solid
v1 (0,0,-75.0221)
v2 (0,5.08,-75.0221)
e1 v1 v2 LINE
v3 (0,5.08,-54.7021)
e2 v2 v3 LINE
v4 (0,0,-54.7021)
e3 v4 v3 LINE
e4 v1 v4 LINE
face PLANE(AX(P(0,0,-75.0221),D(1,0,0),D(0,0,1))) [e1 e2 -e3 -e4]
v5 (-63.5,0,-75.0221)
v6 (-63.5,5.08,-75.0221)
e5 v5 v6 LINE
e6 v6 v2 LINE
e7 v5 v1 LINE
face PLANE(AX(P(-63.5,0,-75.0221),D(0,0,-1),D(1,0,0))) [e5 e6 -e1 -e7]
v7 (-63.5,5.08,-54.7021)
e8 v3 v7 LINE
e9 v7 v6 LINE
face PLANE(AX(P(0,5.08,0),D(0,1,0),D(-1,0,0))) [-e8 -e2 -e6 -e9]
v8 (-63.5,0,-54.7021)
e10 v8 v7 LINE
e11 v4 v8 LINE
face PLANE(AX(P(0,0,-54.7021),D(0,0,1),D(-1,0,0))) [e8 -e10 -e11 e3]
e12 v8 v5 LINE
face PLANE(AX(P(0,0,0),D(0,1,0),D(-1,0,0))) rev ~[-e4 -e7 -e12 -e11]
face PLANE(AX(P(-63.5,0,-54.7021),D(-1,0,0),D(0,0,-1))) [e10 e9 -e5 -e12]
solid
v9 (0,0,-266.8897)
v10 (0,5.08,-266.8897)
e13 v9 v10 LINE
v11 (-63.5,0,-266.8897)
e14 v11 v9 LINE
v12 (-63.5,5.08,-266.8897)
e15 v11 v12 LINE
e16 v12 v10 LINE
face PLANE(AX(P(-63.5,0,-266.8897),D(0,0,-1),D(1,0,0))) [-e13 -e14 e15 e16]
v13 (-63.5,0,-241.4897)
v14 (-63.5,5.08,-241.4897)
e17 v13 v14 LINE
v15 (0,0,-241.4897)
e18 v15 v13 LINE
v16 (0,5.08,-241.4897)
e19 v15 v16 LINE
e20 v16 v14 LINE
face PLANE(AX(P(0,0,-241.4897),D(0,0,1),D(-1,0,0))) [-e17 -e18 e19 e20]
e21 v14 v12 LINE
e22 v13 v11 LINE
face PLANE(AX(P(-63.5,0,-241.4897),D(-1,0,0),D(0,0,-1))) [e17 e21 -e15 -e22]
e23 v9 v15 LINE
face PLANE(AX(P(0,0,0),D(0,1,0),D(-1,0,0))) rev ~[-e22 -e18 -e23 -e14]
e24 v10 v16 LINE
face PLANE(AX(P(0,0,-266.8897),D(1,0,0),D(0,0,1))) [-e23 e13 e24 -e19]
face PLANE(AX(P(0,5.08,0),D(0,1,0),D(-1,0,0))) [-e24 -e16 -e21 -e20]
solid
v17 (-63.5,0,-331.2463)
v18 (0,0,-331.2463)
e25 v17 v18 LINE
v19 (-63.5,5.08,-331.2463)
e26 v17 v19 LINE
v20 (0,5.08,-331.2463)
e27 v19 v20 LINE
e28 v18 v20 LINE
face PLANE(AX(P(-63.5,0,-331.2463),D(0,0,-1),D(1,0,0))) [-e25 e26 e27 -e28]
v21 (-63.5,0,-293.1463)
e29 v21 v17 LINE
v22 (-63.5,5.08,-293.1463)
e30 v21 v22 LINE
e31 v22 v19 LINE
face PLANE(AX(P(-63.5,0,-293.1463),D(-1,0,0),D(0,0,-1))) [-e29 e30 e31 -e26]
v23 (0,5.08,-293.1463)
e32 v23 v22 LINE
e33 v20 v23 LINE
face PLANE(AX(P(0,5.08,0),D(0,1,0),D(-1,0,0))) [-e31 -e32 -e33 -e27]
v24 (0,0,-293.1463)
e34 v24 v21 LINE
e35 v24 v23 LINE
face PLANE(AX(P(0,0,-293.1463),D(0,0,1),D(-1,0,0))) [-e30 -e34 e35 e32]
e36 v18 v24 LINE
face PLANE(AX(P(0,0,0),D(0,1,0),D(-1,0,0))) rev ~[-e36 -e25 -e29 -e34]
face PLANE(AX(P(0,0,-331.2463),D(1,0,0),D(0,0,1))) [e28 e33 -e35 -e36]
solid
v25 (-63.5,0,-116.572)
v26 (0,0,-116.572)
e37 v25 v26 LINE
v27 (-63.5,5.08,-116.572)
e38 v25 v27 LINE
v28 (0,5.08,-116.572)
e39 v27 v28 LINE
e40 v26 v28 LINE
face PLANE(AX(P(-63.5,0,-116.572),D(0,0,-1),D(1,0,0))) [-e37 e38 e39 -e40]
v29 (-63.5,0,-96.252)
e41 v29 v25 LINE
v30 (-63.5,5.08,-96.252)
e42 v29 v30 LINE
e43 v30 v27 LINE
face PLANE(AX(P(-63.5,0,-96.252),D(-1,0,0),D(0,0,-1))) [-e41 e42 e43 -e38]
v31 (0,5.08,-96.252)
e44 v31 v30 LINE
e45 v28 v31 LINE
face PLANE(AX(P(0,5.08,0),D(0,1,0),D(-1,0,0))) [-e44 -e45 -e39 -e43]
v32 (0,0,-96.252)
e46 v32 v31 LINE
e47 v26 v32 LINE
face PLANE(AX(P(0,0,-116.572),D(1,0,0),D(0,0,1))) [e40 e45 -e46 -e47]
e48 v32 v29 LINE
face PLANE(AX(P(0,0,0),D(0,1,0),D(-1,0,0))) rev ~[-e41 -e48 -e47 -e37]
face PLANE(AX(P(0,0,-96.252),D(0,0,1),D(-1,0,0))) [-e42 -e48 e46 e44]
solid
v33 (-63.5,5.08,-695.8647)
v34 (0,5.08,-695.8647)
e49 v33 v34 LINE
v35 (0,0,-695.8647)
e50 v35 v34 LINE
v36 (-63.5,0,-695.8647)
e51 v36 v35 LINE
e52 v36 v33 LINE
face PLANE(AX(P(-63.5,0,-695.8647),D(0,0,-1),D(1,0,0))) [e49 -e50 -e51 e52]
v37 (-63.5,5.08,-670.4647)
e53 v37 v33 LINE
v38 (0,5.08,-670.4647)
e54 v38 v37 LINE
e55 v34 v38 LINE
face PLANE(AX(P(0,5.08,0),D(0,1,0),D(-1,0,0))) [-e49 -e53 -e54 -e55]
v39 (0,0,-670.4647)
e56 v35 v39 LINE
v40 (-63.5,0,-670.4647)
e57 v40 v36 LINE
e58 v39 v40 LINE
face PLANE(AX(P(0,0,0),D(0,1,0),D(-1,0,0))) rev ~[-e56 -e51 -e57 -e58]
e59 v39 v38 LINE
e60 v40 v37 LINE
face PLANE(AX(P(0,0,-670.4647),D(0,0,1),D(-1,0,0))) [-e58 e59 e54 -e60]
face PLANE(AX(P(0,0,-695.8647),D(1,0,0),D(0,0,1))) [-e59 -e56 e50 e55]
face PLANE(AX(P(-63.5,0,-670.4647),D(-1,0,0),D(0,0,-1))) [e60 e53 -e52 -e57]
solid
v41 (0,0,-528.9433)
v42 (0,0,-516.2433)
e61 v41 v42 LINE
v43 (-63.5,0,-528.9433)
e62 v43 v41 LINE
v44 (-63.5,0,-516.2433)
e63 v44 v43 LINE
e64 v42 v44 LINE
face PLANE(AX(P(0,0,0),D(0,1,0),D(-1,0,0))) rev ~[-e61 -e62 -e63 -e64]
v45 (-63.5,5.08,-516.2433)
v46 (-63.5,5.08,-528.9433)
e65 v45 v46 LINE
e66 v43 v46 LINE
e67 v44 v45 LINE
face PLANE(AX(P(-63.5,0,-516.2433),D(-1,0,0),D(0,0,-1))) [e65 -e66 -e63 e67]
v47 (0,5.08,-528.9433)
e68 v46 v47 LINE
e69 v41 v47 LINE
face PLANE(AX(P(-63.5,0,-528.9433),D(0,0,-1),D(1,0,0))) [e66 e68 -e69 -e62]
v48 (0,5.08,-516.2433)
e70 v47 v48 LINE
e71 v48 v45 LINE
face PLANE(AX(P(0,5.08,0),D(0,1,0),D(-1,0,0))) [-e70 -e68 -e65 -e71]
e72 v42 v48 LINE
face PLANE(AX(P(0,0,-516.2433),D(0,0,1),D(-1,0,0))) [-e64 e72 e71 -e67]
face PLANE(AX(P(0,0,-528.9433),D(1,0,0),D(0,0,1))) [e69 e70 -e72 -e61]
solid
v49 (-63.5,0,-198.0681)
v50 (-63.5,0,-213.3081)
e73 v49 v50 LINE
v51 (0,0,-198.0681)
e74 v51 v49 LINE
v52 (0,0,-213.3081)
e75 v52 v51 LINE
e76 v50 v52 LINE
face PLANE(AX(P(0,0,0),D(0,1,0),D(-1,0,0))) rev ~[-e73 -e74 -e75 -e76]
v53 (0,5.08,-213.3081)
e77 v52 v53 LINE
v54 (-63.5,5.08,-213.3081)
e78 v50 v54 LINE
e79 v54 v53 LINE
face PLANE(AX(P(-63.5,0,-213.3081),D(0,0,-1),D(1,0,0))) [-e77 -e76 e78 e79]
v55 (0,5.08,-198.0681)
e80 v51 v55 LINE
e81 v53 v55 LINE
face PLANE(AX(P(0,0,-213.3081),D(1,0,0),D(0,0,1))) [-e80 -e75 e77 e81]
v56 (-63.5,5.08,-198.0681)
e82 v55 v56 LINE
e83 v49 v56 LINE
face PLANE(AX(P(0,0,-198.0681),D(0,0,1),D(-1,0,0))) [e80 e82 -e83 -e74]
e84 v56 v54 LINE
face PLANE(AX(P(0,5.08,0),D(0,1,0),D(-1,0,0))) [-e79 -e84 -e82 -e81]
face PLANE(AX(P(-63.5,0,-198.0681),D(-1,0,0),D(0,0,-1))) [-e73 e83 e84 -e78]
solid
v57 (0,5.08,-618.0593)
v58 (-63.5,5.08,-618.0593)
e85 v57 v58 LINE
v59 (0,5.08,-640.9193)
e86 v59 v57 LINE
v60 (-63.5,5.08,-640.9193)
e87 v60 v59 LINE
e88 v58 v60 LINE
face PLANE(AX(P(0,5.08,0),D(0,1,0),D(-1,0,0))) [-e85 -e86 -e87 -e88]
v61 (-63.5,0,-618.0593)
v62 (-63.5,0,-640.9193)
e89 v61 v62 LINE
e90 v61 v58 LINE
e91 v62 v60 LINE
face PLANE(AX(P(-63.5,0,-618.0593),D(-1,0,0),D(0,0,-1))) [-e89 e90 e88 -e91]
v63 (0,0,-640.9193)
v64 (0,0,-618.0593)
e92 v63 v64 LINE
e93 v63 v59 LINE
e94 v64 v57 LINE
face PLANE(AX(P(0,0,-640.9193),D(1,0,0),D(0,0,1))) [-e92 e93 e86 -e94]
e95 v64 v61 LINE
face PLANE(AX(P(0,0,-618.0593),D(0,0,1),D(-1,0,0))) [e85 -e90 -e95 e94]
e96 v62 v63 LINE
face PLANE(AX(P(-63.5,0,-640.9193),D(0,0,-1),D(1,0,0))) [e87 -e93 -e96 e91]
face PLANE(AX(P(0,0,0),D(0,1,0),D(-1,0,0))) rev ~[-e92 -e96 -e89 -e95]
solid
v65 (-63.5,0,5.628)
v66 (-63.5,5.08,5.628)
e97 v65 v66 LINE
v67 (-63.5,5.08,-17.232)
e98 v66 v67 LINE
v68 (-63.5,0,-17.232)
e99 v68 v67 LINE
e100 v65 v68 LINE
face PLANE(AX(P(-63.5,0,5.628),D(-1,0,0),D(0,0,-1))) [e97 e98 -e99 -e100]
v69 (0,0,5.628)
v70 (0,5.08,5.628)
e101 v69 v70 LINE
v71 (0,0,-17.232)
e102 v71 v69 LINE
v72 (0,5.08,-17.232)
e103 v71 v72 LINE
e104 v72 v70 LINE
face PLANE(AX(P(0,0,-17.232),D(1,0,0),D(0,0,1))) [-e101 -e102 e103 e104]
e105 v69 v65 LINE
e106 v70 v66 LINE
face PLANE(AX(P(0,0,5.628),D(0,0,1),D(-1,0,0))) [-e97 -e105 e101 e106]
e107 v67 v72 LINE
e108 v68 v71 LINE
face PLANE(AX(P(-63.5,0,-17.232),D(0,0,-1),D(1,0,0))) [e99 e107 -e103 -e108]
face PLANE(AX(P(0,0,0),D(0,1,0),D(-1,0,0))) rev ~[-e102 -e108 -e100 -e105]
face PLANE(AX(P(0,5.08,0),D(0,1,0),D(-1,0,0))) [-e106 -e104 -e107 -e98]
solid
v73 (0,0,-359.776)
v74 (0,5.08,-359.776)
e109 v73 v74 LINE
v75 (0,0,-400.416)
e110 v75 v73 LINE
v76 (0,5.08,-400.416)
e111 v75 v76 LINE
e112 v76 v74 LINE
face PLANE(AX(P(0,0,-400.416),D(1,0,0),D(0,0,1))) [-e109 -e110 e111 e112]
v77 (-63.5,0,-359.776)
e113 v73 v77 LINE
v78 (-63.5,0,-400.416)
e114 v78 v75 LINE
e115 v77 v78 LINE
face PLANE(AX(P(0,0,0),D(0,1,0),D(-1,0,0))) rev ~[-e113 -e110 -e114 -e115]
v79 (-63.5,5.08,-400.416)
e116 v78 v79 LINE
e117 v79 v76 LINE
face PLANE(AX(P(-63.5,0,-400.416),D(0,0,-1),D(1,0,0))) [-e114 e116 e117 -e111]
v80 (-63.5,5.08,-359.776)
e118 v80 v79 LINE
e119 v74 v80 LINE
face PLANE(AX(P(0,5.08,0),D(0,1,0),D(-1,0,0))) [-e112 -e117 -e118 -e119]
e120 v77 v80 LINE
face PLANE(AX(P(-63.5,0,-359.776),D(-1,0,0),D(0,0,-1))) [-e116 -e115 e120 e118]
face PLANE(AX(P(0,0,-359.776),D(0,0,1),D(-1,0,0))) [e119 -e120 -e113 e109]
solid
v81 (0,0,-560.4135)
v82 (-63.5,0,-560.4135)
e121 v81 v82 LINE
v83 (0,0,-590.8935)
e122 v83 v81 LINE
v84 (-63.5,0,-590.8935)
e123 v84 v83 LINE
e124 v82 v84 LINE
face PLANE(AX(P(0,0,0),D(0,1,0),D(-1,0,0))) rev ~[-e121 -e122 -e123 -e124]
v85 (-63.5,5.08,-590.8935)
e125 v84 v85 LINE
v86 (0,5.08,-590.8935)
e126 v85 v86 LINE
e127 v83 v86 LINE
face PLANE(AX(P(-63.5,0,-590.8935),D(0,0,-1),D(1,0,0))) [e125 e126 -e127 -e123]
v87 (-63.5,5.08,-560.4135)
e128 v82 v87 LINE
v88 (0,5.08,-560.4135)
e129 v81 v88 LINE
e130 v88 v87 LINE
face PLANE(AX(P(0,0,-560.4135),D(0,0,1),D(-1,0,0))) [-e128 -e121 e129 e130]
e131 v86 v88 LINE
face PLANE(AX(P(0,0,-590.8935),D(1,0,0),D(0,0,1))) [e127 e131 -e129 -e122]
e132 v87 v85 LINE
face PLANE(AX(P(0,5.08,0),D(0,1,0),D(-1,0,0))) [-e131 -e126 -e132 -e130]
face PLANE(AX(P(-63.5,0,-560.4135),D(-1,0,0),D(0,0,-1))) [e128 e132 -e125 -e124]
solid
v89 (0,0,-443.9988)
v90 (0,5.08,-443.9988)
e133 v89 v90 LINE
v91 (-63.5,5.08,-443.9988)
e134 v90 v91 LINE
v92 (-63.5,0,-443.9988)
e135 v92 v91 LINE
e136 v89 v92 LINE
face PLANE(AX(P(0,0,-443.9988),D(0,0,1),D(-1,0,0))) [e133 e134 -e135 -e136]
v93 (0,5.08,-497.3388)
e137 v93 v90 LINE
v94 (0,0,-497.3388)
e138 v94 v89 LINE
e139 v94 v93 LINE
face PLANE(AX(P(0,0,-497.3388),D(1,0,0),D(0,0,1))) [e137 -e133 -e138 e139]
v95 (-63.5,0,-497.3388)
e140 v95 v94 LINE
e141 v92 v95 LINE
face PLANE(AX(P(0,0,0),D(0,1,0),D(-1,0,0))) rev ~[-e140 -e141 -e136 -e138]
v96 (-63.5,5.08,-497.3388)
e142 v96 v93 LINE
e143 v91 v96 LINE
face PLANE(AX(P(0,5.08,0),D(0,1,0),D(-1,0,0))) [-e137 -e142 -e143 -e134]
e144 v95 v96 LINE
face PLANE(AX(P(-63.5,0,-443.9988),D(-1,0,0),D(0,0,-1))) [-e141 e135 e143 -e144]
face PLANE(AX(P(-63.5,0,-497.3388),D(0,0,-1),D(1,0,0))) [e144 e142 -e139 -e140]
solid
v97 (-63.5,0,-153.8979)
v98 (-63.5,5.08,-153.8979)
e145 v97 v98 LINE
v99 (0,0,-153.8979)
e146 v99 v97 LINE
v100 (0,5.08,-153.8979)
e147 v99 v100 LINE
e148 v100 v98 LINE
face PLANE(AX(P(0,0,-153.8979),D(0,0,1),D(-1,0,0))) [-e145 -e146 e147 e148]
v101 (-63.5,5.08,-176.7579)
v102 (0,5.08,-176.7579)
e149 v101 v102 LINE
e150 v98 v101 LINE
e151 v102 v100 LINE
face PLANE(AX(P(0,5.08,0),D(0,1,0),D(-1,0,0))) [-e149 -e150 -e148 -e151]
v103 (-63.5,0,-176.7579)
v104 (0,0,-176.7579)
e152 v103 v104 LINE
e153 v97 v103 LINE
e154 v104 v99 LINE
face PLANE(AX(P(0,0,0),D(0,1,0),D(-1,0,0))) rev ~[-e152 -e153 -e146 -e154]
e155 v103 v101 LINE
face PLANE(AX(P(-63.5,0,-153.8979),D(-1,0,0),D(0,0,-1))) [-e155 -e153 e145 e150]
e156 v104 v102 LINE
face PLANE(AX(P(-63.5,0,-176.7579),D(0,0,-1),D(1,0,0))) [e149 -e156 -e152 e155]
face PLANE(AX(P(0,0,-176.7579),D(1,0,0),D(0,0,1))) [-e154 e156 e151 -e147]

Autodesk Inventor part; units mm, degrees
ref_plane "YZ Plane" through (0, 0, 0) normal (1, 0, 0) x (0, 1, 0)
ref_plane "XZ Plane" through (0, 0, 0) normal (0, 1, 0) x (-1, 0, 0)
ref_plane "XY Plane" through (0, 0, 0) normal (0, 0, 1) x (1, 0, 0)
sketch "Sketch1" plane through (0, 0, 0) normal (0, 1, 0) x (-1, 0, 0)
  line L0 (0, 5.628) -> (63.5, 5.628)
  line L1 (63.5, 5.628) -> (63.5, -17.232)
  line L2 (63.5, -17.232) -> (0, -17.232)
  line L3 (0, -17.232) -> (0, 5.628)
  line L4 (0, -54.7021) -> (63.5, -54.7021)
  line L5 (63.5, -54.7021) -> (63.5, -75.0221)
  line L6 (63.5, -75.0221) -> (0, -75.0221)
  line L7 (0, -75.0221) -> (0, -54.7021)
  line L8 (0, -96.252) -> (63.5, -96.252)
  line L9 (63.5, -96.252) -> (63.5, -116.572)
  line L10 (63.5, -116.572) -> (0, -116.572)
  line L11 (0, -116.572) -> (0, -96.252)
  line L12 (0, -153.8979) -> (63.5, -153.8979)
  line L13 (63.5, -153.8979) -> (63.5, -176.7579)
  line L14 (63.5, -176.7579) -> (0, -176.7579)
  line L15 (0, -176.7579) -> (0, -153.8979)
  line L16 (0, -198.0681) -> (63.5, -198.0681)
  line L17 (63.5, -198.0681) -> (63.5, -213.3081)
  line L18 (63.5, -213.3081) -> (0, -213.3081)
  line L19 (0, -213.3081) -> (0, -198.0681)
  line L20 (0, -241.4897) -> (63.5, -241.4897)
  line L21 (63.5, -241.4897) -> (63.5, -266.8897)
  line L22 (63.5, -266.8897) -> (0, -266.8897)
  line L23 (0, -266.8897) -> (0, -241.4897)
  line L24 (0, -293.1463) -> (63.5, -293.1463)
  line L25 (63.5, -293.1463) -> (63.5, -331.2463)
  line L26 (63.5, -331.2463) -> (0, -331.2463)
  line L27 (0, -331.2463) -> (0, -293.1463)
  line L28 (0, -359.776) -> (63.5, -359.776)
  line L29 (63.5, -359.776) -> (63.5, -400.416)
  line L30 (63.5, -400.416) -> (0, -400.416)
  line L31 (0, -400.416) -> (0, -359.776)
  line L32 (0, -443.9988) -> (63.5, -443.9988)
  line L33 (63.5, -443.9988) -> (63.5, -497.3388)
  line L34 (63.5, -497.3388) -> (0, -497.3388)
  line L35 (0, -497.3388) -> (0, -443.9988)
  line L36 (0, -516.2433) -> (63.5, -516.2433)
  line L37 (63.5, -516.2433) -> (63.5, -528.9433)
  line L38 (63.5, -528.9433) -> (0, -528.9433)
  line L39 (0, -528.9433) -> (0, -516.2433)
  line L40 (0, -560.4135) -> (63.5, -560.4135)
  line L41 (63.5, -560.4135) -> (63.5, -590.8935)
  line L42 (63.5, -590.8935) -> (0, -590.8935)
  line L43 (0, -590.8935) -> (0, -560.4135)
  line L44 (0, -618.0593) -> (63.5, -618.0593)
  line L45 (63.5, -618.0593) -> (63.5, -640.9193)
  line L46 (63.5, -640.9193) -> (0, -640.9193)
  line L47 (0, -640.9193) -> (0, -618.0593)
  line L48 (0, -670.4647) -> (63.5, -670.4647)
  line L49 (63.5, -670.4647) -> (63.5, -695.8647)
  line L50 (63.5, -695.8647) -> (0, -695.8647)
  line L51 (0, -695.8647) -> (0, -670.4647)
  point P0 (0, 0)
  dimension "d0" = 63.5
  dimension "d1" = 22.86
  dimension "d2" = 20.32
  dimension "d3" = 20.32
  dimension "d4" = 63.5
  dimension "d5" = 22.86
  dimension "d6" = 15.24
  dimension "d7" = 63.5
  dimension "d8" = 25.4
  dimension "d9" = 63.5
  dimension "d10" = 38.1
  dimension "d11" = 63.5
  dimension "d12" = 40.64
  dimension "d13" = 63.5
  dimension "d14" = 53.34
  dimension "d15" = 12.7
  dimension "d16" = 30.48
  dimension "d17" = 22.86
  dimension "d18" = 63.5
  dimension "d19" = 25.4
extrude "Extrusion1" add sketch "Sketch1" along normal blind 5.08
properties part number "1st floor interior wall print out"
